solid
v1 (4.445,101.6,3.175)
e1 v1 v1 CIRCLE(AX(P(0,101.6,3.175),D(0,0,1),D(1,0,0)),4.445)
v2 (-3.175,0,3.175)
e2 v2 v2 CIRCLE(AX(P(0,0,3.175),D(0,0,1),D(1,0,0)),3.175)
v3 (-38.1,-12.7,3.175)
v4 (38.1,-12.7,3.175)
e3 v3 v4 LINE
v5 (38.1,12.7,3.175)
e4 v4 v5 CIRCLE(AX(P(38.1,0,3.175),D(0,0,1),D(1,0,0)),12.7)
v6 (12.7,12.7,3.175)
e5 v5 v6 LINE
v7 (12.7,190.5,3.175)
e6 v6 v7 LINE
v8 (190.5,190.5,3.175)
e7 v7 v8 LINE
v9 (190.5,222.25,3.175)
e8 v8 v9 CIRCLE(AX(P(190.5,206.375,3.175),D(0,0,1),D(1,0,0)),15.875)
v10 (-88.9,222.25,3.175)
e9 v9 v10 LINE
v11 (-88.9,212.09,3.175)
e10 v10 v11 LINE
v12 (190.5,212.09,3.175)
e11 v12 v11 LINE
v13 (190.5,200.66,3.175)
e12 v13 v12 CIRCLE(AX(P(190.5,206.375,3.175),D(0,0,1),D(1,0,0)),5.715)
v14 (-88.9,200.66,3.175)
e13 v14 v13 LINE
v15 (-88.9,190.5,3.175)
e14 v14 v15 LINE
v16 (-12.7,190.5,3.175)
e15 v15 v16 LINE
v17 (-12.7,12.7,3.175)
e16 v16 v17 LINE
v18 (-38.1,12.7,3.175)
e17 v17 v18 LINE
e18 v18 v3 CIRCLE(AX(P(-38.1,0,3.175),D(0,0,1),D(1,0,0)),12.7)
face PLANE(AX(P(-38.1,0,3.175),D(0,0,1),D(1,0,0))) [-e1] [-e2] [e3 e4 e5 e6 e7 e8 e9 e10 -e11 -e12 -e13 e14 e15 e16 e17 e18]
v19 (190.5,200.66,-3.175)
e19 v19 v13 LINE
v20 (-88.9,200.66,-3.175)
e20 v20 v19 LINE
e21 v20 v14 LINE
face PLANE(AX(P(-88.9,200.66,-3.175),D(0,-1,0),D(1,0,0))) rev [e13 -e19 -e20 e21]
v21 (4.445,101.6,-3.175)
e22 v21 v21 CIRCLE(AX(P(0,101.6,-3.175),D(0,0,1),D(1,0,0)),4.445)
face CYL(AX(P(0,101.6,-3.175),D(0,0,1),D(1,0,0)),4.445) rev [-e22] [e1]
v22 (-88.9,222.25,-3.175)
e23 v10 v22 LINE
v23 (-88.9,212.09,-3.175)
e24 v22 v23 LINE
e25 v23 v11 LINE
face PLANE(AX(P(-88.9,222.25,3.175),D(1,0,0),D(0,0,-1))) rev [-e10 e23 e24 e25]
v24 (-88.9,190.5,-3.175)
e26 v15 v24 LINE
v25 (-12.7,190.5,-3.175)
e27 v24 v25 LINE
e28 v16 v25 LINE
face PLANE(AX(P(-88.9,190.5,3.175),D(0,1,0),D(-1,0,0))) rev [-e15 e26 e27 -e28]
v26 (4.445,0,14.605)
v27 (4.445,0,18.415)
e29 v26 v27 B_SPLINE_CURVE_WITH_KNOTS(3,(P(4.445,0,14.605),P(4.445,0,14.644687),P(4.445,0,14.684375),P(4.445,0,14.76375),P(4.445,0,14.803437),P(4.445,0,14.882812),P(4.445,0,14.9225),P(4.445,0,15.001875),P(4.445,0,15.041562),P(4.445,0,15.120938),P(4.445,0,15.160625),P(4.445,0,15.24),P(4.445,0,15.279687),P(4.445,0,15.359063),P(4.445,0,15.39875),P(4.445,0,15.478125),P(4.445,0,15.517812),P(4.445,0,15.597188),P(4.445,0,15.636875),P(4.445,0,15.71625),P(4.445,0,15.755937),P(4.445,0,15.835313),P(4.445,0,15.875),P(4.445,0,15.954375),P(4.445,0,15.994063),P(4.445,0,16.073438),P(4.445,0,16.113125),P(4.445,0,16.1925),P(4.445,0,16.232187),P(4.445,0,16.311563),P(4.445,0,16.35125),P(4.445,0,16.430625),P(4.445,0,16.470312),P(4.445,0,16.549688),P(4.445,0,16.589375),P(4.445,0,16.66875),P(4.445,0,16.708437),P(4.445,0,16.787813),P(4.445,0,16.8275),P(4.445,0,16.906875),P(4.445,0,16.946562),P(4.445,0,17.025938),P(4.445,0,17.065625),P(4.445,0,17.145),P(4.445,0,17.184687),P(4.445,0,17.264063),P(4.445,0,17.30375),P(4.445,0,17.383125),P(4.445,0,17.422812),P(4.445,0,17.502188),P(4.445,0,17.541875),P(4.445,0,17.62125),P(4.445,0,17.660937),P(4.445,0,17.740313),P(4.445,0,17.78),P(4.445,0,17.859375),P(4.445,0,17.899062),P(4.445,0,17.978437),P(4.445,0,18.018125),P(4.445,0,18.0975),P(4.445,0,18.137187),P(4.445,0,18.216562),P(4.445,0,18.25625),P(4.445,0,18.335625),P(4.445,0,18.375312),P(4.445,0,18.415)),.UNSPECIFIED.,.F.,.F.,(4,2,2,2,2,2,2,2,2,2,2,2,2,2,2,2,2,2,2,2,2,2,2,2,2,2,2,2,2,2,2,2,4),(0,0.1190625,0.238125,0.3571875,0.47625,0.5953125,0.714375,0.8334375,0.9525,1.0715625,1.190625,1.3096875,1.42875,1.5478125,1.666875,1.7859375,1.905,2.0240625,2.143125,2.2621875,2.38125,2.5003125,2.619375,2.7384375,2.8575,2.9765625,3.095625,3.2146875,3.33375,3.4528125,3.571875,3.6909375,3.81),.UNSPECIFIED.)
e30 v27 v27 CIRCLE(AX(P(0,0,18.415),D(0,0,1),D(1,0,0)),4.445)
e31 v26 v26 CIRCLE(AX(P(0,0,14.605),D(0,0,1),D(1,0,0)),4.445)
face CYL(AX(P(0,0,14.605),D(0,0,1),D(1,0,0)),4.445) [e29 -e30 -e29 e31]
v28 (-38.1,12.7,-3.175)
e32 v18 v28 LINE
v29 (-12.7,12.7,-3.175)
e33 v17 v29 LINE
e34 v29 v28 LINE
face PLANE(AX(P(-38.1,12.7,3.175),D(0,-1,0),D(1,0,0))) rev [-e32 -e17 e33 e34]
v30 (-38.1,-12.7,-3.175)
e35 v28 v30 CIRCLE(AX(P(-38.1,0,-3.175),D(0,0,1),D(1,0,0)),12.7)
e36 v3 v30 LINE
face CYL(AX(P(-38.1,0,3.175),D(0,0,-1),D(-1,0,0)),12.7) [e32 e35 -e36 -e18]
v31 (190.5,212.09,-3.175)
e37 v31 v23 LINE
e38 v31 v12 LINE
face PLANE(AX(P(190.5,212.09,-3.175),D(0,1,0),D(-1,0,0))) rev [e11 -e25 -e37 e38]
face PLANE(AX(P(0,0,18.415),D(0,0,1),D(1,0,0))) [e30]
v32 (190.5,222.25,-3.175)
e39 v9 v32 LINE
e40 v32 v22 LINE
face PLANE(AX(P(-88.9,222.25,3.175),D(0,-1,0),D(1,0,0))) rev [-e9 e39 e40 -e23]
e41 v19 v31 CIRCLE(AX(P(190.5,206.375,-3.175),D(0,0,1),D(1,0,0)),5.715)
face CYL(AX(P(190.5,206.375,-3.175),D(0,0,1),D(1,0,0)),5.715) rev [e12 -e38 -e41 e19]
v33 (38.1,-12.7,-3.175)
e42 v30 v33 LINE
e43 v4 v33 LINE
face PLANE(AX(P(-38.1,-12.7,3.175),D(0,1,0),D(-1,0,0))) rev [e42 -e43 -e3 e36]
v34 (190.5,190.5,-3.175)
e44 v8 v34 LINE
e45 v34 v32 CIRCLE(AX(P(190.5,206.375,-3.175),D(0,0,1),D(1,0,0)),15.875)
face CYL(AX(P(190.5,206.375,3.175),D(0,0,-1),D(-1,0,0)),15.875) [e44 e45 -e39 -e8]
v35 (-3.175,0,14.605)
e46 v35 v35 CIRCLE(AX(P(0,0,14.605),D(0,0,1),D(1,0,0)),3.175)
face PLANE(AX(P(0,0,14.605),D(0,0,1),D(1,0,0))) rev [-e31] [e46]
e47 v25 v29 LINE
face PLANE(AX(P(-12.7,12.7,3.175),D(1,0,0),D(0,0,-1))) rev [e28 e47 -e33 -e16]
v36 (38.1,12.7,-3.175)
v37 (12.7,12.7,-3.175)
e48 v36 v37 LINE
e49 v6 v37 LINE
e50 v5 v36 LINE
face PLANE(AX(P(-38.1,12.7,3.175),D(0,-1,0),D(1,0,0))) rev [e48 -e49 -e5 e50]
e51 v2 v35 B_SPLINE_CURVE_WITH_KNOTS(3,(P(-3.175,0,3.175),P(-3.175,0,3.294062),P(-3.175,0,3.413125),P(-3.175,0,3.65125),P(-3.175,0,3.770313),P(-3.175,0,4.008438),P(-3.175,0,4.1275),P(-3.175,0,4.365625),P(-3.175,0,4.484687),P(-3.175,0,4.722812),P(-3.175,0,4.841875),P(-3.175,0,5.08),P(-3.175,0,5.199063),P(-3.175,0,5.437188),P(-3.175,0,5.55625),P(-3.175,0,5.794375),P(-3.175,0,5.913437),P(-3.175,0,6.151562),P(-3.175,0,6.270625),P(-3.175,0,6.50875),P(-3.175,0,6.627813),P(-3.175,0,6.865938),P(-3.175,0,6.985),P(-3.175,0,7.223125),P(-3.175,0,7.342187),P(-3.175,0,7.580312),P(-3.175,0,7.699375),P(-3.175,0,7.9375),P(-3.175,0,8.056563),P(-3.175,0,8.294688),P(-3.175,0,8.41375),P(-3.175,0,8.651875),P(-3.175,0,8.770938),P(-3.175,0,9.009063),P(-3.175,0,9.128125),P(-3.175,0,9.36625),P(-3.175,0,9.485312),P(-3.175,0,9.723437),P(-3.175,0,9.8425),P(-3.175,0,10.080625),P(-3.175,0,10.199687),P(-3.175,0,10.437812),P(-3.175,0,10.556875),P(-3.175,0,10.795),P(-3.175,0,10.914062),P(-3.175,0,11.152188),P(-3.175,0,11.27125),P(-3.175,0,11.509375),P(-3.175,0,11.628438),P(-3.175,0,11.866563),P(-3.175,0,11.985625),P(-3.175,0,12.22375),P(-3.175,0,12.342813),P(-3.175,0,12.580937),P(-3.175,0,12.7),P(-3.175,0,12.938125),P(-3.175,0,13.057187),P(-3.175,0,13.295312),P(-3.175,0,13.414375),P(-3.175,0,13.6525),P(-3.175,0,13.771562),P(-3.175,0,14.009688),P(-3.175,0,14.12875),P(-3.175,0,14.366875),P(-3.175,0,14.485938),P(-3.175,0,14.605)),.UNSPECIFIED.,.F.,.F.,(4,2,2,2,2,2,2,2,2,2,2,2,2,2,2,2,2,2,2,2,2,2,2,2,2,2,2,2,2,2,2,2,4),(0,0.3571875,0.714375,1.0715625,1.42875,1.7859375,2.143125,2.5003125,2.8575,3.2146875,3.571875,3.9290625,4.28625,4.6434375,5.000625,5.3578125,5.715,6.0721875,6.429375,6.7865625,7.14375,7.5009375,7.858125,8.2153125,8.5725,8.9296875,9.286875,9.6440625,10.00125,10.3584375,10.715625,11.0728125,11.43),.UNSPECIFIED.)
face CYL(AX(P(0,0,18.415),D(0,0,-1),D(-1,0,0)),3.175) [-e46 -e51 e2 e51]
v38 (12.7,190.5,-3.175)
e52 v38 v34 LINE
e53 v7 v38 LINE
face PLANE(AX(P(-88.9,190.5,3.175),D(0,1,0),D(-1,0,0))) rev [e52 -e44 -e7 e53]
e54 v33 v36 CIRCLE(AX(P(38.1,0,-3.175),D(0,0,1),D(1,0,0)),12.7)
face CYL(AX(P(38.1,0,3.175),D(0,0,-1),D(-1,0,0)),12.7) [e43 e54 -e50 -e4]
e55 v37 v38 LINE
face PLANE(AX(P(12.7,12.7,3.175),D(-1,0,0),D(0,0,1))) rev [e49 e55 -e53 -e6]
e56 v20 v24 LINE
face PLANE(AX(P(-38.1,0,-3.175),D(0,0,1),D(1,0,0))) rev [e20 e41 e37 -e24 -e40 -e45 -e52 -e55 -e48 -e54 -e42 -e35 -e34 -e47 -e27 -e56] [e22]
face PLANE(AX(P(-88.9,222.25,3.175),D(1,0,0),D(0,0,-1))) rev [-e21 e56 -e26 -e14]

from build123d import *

# Parameters (mm, degrees)
BOSS_EXTRUDE1_DEPTH = 3.175
SKETCH4_W           = 25.4
SKETCH4_H           = 177.8
BOSS_EXTRUDE2_DEPTH = 3.175
BOSS_EXTRUDE3_DEPTH = 3.175
CUT_EXTRUDE1_DEPTH  = 304.357916701
SKETCH7_R           = 4.445
CUT_EXTRUDE2_DEPTH  = 304.357916701
SKETCH9_R           = 3.175
BOSS_EXTRUDE6_DEPTH = 15.24
SKETCH10_R          = 4.445
BOSS_EXTRUDE7_DEPTH = 3.81


with BuildPart() as part:
    # Sketch3 → Boss-Extrude1 (new, symmetric)
    with BuildSketch(Plane.XY):
        with BuildLine():
            Line((-38.1, 12.7), (38.1, 12.7))
            ThreePointArc((38.1, 12.7), (50.8, 0), (38.1, -12.7))
            Line((38.1, -12.7), (-38.1, -12.7))
            ThreePointArc((-38.1, -12.7), (-50.8, 0), (-38.1, 12.7))
        make_face()
    extrude(amount=BOSS_EXTRUDE1_DEPTH, both=True)

    # Sketch4 → Boss-Extrude2 (add, symmetric)
    with BuildSketch(Plane.XY):
        with Locations((0, 101.6)):
            Rectangle(SKETCH4_W, SKETCH4_H)
    extrude(amount=BOSS_EXTRUDE2_DEPTH, both=True)

    # Sketch5 → Boss-Extrude3 (add, symmetric)
    with BuildSketch(Plane.XY):
        with BuildLine():
            Line((-88.9, 222.25), (190.5, 222.25))
            ThreePointArc((190.5, 222.25), (206.375, 206.375), (190.5, 190.5))
            Line((190.5, 190.5), (-88.9, 190.5))
            Line((-88.9, 190.5), (-88.9, 222.25))
        make_face()
    extrude(amount=BOSS_EXTRUDE3_DEPTH, both=True)

    # Sketch6 → Cut-Extrude1 (cut, through all)
    with BuildSketch(Plane.XY.offset(3.175)):
        with BuildLine():
            Line((-88.9, 212.09), (-88.9, 200.66))
            Line((-88.9, 200.66), (190.5, 200.66))
            ThreePointArc((190.5, 200.66), (196.215, 206.375), (190.5, 212.09))
            Line((190.5, 212.09), (-88.9, 212.09))
        make_face()
    extrude(amount=-CUT_EXTRUDE1_DEPTH, mode=Mode.SUBTRACT)

    # Sketch7 → Cut-Extrude2 (cut, through all)
    with BuildSketch(Plane.XY.offset(3.175)):
        with Locations((0, 101.6)):
            Circle(SKETCH7_R)
    extrude(amount=-CUT_EXTRUDE2_DEPTH, mode=Mode.SUBTRACT)

    # Sketch9 → Boss-Extrude6 (add)
    with BuildSketch(Plane.XY.offset(3.175)):
        with Locations(Location((0, 0, 0), (0, 0, 180))):
            Circle(SKETCH9_R)
    extrude(amount=BOSS_EXTRUDE6_DEPTH)

    # Sketch10 → Boss-Extrude7 (add)
    with BuildSketch(Plane.XY.offset(18.415)):
        Circle(SKETCH10_R)
    extrude(amount=-BOSS_EXTRUDE7_DEPTH)


solid = part.part
